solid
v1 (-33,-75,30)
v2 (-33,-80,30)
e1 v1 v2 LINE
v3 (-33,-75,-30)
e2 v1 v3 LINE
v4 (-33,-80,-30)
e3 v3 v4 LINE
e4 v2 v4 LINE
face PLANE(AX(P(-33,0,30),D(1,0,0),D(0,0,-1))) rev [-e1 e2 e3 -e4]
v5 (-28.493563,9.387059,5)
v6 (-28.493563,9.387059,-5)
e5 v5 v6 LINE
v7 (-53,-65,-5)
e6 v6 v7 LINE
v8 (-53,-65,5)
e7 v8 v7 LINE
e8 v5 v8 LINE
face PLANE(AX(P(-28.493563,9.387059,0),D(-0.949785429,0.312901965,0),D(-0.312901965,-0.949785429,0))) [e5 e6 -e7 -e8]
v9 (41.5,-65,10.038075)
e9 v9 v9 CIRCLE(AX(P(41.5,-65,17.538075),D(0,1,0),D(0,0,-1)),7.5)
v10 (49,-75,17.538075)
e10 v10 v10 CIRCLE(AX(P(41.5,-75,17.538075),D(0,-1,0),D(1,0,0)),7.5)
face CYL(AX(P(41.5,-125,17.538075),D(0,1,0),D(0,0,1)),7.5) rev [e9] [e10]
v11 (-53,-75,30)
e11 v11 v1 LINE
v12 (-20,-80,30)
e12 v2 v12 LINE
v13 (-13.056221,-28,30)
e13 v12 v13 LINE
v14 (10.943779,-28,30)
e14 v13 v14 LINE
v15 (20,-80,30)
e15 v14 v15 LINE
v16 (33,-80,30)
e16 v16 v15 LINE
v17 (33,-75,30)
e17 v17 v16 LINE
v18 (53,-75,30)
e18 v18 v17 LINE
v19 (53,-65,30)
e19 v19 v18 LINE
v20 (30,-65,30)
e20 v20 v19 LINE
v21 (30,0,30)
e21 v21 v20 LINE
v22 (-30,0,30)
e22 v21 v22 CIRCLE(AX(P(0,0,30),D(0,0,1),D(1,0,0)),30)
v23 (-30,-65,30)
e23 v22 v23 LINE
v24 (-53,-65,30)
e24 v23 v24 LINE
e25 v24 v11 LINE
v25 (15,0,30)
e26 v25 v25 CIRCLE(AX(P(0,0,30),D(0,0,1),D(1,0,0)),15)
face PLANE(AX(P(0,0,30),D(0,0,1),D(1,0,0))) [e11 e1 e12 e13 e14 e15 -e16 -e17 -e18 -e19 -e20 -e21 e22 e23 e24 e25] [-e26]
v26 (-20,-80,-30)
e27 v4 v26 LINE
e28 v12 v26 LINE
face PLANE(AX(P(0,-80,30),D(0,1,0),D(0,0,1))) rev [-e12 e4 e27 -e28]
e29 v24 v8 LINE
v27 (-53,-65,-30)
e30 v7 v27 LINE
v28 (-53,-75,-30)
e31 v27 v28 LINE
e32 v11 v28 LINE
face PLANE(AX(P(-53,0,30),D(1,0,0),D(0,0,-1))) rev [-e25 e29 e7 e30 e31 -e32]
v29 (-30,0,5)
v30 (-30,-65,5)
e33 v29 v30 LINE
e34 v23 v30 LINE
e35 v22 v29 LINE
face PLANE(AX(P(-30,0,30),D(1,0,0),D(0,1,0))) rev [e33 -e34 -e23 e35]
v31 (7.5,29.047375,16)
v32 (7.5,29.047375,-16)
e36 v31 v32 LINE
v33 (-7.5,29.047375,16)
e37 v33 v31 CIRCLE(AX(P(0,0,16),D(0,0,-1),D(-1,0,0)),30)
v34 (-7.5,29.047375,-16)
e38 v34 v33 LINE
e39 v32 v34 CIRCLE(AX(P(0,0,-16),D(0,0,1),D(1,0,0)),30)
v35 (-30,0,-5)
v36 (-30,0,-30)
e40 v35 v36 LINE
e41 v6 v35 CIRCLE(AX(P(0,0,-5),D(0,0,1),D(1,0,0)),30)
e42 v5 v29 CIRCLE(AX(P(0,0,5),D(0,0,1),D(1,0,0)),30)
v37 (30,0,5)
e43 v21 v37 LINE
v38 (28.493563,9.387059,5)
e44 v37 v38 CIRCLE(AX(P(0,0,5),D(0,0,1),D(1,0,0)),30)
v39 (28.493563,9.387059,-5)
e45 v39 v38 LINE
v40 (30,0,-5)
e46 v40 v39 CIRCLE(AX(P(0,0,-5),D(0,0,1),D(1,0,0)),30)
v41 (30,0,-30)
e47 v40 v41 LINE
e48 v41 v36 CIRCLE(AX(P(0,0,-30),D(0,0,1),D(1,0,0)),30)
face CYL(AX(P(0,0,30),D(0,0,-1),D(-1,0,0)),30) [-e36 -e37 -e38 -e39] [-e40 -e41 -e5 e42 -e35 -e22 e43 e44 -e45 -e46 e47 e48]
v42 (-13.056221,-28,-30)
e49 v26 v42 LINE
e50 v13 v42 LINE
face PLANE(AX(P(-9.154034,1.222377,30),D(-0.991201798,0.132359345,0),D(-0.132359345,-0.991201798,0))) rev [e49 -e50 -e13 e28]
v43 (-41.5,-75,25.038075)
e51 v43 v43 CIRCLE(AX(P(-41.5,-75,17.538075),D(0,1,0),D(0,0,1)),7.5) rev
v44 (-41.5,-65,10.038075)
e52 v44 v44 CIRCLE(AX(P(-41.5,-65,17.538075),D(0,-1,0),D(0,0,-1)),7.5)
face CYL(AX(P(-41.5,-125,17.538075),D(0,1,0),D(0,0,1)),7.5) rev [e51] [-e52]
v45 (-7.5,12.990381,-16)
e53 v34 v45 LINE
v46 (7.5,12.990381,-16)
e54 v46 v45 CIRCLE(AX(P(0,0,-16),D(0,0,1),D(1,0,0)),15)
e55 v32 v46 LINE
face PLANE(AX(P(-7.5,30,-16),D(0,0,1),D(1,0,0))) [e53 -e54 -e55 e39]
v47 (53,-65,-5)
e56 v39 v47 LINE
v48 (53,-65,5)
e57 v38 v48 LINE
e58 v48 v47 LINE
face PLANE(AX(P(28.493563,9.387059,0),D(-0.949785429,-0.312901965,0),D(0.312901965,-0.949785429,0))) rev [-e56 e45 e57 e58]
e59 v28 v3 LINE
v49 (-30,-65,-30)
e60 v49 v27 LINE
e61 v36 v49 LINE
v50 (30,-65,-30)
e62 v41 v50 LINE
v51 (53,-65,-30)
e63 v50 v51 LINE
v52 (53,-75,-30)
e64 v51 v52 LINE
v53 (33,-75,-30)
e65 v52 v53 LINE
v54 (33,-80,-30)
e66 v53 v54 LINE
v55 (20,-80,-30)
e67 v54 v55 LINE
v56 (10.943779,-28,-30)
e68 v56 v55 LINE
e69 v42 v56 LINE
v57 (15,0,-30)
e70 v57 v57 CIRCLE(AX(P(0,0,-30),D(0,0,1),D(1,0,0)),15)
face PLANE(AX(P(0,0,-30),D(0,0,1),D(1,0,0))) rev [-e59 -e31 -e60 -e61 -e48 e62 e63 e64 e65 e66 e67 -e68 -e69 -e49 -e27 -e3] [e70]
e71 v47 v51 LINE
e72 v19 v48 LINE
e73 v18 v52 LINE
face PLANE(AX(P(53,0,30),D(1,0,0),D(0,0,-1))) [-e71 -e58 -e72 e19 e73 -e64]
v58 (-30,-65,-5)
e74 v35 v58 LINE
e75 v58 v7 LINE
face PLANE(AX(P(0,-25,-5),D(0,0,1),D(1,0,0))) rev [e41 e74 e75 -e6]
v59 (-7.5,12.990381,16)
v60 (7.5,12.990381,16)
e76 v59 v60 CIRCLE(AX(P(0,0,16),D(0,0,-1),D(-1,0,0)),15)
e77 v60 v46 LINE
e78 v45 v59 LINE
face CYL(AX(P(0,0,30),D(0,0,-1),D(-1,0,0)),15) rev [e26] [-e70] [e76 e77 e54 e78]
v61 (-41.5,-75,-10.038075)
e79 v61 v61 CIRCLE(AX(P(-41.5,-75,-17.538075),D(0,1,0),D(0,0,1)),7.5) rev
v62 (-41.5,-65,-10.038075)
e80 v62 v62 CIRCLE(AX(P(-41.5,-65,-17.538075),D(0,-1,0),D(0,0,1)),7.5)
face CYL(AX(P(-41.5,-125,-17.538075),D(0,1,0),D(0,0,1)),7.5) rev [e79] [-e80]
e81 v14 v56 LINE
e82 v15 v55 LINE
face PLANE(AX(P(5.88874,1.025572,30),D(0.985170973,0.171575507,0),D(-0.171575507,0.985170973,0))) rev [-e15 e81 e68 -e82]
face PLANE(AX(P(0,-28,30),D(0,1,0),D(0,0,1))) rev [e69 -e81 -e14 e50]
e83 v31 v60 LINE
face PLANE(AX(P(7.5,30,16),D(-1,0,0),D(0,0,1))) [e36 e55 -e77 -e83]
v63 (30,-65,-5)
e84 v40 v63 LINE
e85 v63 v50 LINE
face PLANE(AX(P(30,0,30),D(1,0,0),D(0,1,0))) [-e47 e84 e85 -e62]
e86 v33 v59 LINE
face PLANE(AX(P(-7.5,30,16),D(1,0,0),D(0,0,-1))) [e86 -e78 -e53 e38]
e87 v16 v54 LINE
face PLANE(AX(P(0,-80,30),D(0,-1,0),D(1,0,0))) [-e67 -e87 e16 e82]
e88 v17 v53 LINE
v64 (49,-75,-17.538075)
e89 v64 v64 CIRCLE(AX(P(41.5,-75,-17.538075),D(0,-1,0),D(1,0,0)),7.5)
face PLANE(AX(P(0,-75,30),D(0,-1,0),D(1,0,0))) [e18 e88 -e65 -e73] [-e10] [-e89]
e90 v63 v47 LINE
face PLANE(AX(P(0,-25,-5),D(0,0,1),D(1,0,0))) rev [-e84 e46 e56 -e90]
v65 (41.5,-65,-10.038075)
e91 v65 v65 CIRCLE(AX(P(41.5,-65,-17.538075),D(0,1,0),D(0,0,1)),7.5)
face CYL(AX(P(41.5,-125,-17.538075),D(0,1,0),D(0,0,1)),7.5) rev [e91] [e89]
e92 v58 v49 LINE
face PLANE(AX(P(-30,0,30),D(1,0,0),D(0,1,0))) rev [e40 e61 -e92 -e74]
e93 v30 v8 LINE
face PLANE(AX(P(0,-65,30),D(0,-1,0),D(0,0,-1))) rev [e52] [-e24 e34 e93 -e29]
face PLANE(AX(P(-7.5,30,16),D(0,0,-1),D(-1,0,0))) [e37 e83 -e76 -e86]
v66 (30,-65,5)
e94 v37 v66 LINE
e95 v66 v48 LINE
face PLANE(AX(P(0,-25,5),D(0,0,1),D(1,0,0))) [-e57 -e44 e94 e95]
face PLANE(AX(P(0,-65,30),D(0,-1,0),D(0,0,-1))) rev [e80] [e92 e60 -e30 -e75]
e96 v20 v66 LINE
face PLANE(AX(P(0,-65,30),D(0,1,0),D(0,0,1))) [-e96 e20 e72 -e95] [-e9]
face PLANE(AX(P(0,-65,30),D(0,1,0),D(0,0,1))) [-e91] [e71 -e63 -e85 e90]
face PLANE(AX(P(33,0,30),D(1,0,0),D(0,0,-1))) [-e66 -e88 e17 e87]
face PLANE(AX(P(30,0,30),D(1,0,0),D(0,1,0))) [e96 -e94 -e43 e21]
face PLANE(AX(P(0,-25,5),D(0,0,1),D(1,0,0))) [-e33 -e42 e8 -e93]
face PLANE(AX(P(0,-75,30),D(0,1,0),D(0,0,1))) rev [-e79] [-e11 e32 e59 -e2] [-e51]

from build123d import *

# Parameters (mm, degrees)
SKETCH1_R           = 15
BOSS_EXTRUDE1_DEPTH = 30
SKETCH2_R           = 7.5
CUT_EXTRUDE1_DEPTH  = 60
SKETCH3_W           = 15
SKETCH3_H           = 32
CUT_EXTRUDE2_DEPTH  = 101.543522914
RIB1_REACH          = 102.544
SKETCH4_WALL_W      = 281.406902826
SKETCH4_WALL_H      = 10


with BuildPart() as part:
    # Sketch1 → Boss-Extrude1 (new, symmetric)
    with BuildSketch(Plane.XY):
        with BuildLine():
            Line((30, 0), (30, -65))
            Line((30, -65), (53, -65))
            Line((53, -65), (53, -75))
            Line((53, -75), (33, -75))
            Line((33, -75), (33, -80))
            Line((33, -80), (20, -80))
            Line((20, -80), (10.9437787, -28))
            Line((10.9437787, -28), (-13.0562213, -28))
            Line((-13.0562213, -28), (-20, -80))
            Line((-20, -80), (-33, -80))
            Line((-33, -80), (-33, -75))
            Line((-33, -75), (-53, -75))
            Line((-53, -75), (-53, -65))
            Line((-53, -65), (-30, -65))
            Line((-30, -65), (-30, 0))
            ThreePointArc((-30, 0), (0, 30), (30, 0))
        make_face()
        Circle(SKETCH1_R, mode=Mode.SUBTRACT)
    extrude(amount=BOSS_EXTRUDE1_DEPTH, both=True)

    # Sketch2 → Cut-Extrude1 (cut)
    with BuildSketch(Plane(origin=(0, -65, 0), x_dir=(1, 0, 0), z_dir=(0, 1, 0))):
        with Locations(Location((41.5, 17.538074841, 0), (0, 0, 270))):
            Circle(SKETCH2_R)
        with Locations((41.5, -17.538074841)):
            Circle(SKETCH2_R)
    cut_extrude1 = extrude(amount=-CUT_EXTRUDE1_DEPTH, mode=Mode.SUBTRACT)

    # Mirror1: Cut-Extrude1 across plane
    add(cut_extrude1.mirror(Plane(origin=(0, 0, 0), x_dir=(0, 0, 1), z_dir=(1, 0, 0))), mode=Mode.SUBTRACT)

    # Sketch3 → Cut-Extrude2 (cut, through all)
    with BuildSketch(Plane(origin=(0, 0, 0), x_dir=(1, 0, 0), z_dir=(0, 1, 0))):
        Rectangle(SKETCH3_W, SKETCH3_H)
    extrude(amount=CUT_EXTRUDE2_DEPTH, mode=Mode.SUBTRACT)

    # Sketch4 wall → Rib1 (add, up to next)
    with BuildSketch(Plane(origin=(-40.746781429, -27.806470527, 0), x_dir=(-0.312901964861, -0.949785428603, 0), z_dir=(0.949785428603, -0.312901964861, 0)), mode=Mode.PRIVATE) as rib1_sk1:
        Rectangle(SKETCH4_WALL_W, SKETCH4_WALL_H)
    rib1_tool1 = extrude(rib1_sk1.sketch, amount=RIB1_REACH, mode=Mode.PRIVATE) - part.part
    rib1 = rib1_tool1.solids().sort_by_distance((-40.746781429, -27.806470527, 0))[0]
    add(rib1)

    # Mirror2: Rib1 across plane
    add(rib1.mirror(Plane(origin=(0, 0, 0), x_dir=(0, 0, 1), z_dir=(1, 0, 0))))


solid = part.part
